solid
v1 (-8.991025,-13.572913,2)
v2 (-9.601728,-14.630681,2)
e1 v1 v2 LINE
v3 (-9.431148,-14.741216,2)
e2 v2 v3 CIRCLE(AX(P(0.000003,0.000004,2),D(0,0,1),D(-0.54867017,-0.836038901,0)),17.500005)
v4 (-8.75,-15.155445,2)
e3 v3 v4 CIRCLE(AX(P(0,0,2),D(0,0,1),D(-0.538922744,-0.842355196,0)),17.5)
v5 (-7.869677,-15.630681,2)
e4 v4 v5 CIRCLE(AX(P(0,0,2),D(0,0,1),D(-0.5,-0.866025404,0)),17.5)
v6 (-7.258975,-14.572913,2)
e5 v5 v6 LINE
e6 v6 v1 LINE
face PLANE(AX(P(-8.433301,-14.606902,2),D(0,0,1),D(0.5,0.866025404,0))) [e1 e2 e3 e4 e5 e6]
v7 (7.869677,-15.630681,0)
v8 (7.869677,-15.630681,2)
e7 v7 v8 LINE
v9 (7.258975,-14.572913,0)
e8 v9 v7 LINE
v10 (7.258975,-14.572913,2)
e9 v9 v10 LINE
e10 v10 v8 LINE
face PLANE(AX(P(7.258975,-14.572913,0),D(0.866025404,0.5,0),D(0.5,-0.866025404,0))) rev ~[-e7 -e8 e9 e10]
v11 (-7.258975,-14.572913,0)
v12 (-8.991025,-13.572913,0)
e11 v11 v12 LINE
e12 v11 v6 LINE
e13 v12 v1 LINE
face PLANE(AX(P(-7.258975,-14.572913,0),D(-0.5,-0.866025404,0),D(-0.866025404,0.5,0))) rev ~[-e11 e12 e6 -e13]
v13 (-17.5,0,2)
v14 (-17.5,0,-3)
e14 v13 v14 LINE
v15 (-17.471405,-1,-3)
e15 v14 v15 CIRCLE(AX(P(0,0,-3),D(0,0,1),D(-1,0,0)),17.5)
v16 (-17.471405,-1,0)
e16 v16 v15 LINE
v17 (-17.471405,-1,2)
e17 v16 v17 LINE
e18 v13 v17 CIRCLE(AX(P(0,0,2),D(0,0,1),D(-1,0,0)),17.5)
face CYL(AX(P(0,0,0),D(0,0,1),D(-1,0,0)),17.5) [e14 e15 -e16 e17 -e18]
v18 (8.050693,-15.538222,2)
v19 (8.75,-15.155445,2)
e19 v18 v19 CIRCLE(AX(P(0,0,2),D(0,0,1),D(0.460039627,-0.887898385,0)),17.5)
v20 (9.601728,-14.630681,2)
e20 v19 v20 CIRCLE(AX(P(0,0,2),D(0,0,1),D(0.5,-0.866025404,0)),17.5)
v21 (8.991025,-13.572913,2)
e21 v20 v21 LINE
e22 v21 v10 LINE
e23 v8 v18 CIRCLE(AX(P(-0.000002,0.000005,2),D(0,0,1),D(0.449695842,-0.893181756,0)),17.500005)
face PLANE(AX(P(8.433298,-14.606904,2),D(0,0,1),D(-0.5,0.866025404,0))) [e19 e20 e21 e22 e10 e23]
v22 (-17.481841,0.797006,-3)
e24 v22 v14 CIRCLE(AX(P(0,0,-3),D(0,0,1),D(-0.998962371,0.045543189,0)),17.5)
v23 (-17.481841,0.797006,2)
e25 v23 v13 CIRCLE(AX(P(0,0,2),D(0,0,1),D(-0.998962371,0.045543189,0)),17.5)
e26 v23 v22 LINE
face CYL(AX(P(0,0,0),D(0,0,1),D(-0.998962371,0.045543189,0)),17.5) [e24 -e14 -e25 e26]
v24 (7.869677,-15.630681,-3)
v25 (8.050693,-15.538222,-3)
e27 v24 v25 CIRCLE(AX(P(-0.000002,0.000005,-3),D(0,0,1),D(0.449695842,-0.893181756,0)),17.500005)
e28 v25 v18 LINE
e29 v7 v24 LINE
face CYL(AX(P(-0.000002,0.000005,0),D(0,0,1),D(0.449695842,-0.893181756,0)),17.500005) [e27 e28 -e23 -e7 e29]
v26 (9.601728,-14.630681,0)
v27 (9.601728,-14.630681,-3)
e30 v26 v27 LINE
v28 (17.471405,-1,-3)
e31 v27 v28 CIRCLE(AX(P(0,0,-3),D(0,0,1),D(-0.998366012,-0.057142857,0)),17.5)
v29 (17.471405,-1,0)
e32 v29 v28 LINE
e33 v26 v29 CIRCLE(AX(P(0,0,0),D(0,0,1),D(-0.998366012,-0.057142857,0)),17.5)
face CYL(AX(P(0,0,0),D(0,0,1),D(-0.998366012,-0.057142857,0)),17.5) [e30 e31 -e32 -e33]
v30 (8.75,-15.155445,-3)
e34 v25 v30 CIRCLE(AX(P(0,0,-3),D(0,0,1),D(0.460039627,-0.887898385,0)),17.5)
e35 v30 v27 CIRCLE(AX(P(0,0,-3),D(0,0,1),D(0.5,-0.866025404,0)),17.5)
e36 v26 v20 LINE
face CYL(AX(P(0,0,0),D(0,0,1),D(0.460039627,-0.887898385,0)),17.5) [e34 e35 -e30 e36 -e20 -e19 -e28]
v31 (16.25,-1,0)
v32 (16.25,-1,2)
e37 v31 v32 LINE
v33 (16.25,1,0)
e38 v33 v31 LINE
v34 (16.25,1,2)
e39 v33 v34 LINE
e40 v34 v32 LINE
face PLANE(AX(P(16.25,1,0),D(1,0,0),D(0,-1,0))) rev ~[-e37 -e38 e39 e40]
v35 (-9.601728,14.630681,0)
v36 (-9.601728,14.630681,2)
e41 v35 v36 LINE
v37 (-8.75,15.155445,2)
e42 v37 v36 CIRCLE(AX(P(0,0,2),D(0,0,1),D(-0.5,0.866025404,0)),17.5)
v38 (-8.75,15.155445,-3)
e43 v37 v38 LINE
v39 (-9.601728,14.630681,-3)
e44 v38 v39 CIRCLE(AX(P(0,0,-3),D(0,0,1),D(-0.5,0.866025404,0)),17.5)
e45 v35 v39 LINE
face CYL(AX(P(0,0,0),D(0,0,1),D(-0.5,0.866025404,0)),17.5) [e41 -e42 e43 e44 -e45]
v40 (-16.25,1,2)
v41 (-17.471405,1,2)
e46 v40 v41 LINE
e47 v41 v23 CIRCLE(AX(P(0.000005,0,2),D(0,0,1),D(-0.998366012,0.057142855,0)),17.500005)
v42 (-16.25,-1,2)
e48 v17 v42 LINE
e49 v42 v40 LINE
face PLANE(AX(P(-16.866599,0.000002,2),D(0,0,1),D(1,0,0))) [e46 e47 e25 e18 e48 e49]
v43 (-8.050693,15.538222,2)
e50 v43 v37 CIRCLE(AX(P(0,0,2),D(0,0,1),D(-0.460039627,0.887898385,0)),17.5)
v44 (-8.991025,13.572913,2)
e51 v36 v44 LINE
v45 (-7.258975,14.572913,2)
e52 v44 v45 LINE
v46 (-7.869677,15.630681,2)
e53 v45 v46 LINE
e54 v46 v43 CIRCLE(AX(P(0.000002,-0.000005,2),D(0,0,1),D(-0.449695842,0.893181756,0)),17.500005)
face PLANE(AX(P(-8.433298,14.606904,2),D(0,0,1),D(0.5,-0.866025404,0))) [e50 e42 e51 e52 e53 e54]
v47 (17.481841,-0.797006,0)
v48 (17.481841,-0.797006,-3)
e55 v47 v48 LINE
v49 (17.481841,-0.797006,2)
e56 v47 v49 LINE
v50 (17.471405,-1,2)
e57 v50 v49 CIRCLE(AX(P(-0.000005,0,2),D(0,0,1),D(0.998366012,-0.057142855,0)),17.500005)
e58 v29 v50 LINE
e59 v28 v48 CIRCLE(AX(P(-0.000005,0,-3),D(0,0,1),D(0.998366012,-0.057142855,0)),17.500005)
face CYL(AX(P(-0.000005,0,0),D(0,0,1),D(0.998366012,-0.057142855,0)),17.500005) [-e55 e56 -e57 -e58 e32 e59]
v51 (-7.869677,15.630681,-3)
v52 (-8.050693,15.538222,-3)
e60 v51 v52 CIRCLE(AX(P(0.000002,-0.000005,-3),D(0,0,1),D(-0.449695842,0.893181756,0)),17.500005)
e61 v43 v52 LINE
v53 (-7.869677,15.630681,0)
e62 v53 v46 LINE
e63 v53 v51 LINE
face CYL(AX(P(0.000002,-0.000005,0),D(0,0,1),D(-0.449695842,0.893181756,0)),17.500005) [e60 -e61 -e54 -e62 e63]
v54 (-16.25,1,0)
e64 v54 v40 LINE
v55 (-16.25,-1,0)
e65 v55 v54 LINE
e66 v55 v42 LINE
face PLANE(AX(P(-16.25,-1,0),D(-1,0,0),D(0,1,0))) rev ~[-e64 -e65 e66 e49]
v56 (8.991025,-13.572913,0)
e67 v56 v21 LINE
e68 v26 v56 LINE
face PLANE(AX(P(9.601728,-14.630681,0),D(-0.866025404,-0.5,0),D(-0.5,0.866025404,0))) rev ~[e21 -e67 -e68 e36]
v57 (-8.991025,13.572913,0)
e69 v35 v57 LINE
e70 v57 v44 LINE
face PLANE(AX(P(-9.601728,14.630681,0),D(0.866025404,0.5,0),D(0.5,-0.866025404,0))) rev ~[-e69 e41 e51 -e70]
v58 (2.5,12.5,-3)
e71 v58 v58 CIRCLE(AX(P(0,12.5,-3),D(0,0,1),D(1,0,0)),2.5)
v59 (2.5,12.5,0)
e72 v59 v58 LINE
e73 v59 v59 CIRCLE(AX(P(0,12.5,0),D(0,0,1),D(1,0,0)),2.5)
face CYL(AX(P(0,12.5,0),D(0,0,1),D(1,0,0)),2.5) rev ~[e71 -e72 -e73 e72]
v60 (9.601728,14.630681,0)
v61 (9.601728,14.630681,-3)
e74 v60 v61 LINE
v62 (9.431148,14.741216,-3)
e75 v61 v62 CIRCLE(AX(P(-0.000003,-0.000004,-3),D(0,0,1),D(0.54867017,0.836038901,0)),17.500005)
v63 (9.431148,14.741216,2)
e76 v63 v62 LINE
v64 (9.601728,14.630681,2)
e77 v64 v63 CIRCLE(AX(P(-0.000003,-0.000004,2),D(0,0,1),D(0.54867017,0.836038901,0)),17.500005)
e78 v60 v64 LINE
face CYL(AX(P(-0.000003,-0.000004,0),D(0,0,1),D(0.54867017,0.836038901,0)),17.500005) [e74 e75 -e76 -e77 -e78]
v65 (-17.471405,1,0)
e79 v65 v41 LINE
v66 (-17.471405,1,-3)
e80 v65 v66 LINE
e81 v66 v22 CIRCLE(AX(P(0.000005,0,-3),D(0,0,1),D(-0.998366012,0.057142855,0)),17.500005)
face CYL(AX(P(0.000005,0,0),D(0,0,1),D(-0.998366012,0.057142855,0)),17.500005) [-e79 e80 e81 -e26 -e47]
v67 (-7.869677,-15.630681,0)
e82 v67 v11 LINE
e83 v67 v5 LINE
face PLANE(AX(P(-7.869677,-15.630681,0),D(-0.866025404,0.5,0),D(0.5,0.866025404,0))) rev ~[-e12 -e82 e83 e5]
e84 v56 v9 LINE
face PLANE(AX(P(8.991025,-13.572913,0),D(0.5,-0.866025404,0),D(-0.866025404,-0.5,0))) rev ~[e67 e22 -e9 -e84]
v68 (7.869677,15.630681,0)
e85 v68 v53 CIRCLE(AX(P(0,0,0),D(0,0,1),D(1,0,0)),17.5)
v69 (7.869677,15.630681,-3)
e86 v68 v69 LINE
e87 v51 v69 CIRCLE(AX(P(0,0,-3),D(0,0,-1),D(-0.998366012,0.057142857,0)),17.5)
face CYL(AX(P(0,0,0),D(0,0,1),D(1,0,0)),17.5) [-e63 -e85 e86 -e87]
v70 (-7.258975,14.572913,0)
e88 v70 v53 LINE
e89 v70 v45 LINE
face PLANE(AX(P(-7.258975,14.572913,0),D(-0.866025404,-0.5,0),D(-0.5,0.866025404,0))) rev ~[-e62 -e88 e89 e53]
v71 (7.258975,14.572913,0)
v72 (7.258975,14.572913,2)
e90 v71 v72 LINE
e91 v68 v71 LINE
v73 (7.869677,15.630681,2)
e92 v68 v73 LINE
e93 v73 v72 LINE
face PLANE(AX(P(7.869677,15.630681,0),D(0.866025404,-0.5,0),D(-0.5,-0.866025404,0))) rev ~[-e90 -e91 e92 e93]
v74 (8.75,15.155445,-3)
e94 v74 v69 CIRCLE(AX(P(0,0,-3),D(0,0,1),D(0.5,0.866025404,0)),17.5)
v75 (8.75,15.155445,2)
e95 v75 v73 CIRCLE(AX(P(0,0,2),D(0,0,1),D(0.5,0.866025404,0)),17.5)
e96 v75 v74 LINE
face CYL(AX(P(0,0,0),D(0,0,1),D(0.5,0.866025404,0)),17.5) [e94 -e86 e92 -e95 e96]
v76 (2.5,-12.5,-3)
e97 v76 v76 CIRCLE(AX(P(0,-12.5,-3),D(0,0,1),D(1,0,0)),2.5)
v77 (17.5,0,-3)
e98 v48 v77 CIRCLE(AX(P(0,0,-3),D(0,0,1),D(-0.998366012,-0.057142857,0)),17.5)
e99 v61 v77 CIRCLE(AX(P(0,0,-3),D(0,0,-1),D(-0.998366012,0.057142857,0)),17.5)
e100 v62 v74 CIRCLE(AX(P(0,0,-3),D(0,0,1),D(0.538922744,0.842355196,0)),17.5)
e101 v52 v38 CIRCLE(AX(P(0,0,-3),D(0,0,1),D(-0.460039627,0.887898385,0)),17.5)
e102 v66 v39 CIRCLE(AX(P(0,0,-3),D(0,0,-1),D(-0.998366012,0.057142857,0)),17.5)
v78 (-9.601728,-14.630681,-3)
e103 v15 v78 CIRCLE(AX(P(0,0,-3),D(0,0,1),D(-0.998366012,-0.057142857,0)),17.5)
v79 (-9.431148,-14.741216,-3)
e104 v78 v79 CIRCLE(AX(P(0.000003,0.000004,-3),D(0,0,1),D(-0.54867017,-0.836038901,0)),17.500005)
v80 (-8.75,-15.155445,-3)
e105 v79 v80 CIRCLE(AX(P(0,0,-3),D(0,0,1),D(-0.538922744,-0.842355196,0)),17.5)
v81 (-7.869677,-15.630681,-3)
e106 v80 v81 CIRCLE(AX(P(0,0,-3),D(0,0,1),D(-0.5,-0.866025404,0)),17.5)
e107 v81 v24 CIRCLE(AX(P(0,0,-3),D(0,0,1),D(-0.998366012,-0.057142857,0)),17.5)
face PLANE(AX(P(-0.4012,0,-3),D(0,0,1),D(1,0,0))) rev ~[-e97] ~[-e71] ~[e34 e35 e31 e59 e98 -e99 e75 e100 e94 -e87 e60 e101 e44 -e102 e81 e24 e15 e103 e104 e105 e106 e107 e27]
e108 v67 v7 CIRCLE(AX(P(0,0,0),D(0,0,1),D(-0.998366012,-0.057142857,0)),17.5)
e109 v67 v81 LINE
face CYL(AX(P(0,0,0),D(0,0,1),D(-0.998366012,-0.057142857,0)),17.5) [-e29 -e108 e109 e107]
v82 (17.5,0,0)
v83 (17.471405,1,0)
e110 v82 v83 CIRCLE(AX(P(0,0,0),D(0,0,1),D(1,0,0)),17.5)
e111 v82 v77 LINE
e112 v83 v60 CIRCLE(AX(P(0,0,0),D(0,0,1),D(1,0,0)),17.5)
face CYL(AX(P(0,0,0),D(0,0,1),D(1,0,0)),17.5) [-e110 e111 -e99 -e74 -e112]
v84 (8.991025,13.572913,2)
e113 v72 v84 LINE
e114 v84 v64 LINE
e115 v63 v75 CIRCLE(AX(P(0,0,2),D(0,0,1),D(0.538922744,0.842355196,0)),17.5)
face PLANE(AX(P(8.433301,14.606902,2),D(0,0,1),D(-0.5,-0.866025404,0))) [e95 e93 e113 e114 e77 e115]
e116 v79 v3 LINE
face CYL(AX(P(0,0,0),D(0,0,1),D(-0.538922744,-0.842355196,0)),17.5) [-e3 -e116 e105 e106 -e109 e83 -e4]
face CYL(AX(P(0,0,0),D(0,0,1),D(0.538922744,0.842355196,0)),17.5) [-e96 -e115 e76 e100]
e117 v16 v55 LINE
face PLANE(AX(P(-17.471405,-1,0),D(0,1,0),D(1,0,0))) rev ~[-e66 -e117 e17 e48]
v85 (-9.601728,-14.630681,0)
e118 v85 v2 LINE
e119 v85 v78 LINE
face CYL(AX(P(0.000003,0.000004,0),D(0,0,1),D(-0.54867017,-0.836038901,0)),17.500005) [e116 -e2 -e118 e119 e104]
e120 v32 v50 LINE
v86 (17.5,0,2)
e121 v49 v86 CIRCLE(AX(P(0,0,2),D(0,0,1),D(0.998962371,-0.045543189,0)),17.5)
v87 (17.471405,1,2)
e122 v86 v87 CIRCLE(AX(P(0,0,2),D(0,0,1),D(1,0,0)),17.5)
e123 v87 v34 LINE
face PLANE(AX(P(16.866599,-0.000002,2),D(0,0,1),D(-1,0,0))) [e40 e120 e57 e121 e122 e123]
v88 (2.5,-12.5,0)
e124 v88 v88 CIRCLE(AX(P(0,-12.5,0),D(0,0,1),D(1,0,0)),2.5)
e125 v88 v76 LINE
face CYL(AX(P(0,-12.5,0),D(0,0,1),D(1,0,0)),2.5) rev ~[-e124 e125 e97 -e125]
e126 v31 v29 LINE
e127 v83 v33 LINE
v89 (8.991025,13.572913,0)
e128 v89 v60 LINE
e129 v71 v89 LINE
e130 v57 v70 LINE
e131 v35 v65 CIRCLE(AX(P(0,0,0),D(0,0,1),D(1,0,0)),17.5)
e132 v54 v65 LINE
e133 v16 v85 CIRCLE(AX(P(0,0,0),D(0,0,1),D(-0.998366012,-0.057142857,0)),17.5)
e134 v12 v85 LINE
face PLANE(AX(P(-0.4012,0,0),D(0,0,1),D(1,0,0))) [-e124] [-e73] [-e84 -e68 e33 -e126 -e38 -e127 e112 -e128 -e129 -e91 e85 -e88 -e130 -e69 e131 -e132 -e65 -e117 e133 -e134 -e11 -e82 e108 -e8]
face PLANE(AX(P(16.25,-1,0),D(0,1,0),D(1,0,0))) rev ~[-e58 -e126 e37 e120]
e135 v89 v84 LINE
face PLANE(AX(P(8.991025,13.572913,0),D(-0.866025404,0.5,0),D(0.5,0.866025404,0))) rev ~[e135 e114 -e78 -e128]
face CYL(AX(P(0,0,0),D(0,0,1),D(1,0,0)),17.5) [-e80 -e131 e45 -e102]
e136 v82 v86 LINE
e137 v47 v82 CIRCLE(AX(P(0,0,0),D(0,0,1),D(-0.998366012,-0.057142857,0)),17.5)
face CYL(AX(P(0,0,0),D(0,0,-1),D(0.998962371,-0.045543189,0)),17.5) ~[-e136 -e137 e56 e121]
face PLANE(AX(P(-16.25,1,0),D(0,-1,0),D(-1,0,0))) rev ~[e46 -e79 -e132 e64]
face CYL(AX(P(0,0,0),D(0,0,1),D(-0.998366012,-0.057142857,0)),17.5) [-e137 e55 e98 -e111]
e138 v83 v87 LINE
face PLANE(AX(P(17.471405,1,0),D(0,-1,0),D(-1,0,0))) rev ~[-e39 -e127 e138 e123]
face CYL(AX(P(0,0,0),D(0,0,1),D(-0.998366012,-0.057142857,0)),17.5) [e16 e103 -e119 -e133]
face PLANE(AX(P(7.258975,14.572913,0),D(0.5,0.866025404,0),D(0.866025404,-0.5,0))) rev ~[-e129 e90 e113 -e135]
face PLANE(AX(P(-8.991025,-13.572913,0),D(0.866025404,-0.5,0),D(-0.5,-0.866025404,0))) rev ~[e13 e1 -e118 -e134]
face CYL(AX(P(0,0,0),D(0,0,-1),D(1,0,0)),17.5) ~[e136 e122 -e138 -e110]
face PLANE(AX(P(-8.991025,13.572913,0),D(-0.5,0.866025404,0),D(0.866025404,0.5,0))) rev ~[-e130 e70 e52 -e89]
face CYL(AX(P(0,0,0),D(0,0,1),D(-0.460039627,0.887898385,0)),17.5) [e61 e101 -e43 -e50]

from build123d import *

# Parameters (mm, degrees)
F2_DEPTH = 2
F0_R     = 2.5
F3_DEPTH = 3
F4_COUNT = 6
F5_DEPTH = 3


with BuildPart() as f2:
    # F0 (on Top) → F2 (new body)
    with BuildSketch(Plane.XY):
        with BuildLine():
            Line((-16.25, 1), (-17.4714052097, 1))
            ThreePointArc((-17.4714052097, 1), (-17.4769180723, 0.8985180536), (-17.4818414863, 0.7970058027))
            ThreePointArc((-17.4818414863, 0.7970058027), (-17.4954597826, 0.3986063162), (-17.5, 0))
            ThreePointArc((-17.5, 0), (-17.4928498417, -0.5002043737), (-17.4714052097, -1))
            Line((-17.4714052097, -1), (-16.25, -1))
            Line((-16.25, -1), (-16.25, 1))
        make_face()
    extrude(amount=F2_DEPTH)

    # F0 (on Top) → F3 (join)
    with BuildSketch(Plane.XY):
        with BuildLine():
            ThreePointArc((-17.4714052097, -1), (0.5002043737, -17.4928498417), (17.5, 0))
            ThreePointArc((17.5, 0), (0.5002043737, 17.4928498417), (-17.4714052097, 1))
            Line((-17.4714052097, 1), (-16.25, 1))
            Line((-16.25, 1), (-16.25, -1))
            Line((-16.25, -1), (-17.4714052097, -1))
        make_face()
        with Locations((0, -12.5)):
            Circle(F0_R, mode=Mode.SUBTRACT)
        with Locations((0, 12.5)):
            Circle(F0_R, mode=Mode.SUBTRACT)
        with BuildLine():
            Line((-16.25, 1), (-17.4714052097, 1))
            ThreePointArc((-17.4714052097, 1), (-17.4769180723, 0.8985180536), (-17.4818414863, 0.7970058027))
            ThreePointArc((-17.4818414863, 0.7970058027), (-17.4954597826, 0.3986063162), (-17.5, 0))
            ThreePointArc((-17.5, 0), (-17.4928498417, -0.5002043737), (-17.4714052097, -1))
            Line((-17.4714052097, -1), (-16.25, -1))
            Line((-16.25, -1), (-16.25, 1))
        make_face()
    extrude(amount=-F3_DEPTH)

    # F4: F2 ×6 about axis
    f4_axis = Axis((0, 0, 0), (0, 0, 1))


with BuildPart() as f2_1:
    add(f2.part)
    for i in range(1, F4_COUNT):
        add(f2.part.rotate(f4_axis, i * 360 / F4_COUNT))

    # F0 (on Top) → F5 (cut, through all)
    with BuildSketch(Plane.XY):
        with Locations((0, -12.5)):
            Circle(F0_R)
        with Locations((0, 12.5)):
            Circle(F0_R)
    extrude(amount=-F5_DEPTH, mode=Mode.SUBTRACT)


solid = f2_1.part
